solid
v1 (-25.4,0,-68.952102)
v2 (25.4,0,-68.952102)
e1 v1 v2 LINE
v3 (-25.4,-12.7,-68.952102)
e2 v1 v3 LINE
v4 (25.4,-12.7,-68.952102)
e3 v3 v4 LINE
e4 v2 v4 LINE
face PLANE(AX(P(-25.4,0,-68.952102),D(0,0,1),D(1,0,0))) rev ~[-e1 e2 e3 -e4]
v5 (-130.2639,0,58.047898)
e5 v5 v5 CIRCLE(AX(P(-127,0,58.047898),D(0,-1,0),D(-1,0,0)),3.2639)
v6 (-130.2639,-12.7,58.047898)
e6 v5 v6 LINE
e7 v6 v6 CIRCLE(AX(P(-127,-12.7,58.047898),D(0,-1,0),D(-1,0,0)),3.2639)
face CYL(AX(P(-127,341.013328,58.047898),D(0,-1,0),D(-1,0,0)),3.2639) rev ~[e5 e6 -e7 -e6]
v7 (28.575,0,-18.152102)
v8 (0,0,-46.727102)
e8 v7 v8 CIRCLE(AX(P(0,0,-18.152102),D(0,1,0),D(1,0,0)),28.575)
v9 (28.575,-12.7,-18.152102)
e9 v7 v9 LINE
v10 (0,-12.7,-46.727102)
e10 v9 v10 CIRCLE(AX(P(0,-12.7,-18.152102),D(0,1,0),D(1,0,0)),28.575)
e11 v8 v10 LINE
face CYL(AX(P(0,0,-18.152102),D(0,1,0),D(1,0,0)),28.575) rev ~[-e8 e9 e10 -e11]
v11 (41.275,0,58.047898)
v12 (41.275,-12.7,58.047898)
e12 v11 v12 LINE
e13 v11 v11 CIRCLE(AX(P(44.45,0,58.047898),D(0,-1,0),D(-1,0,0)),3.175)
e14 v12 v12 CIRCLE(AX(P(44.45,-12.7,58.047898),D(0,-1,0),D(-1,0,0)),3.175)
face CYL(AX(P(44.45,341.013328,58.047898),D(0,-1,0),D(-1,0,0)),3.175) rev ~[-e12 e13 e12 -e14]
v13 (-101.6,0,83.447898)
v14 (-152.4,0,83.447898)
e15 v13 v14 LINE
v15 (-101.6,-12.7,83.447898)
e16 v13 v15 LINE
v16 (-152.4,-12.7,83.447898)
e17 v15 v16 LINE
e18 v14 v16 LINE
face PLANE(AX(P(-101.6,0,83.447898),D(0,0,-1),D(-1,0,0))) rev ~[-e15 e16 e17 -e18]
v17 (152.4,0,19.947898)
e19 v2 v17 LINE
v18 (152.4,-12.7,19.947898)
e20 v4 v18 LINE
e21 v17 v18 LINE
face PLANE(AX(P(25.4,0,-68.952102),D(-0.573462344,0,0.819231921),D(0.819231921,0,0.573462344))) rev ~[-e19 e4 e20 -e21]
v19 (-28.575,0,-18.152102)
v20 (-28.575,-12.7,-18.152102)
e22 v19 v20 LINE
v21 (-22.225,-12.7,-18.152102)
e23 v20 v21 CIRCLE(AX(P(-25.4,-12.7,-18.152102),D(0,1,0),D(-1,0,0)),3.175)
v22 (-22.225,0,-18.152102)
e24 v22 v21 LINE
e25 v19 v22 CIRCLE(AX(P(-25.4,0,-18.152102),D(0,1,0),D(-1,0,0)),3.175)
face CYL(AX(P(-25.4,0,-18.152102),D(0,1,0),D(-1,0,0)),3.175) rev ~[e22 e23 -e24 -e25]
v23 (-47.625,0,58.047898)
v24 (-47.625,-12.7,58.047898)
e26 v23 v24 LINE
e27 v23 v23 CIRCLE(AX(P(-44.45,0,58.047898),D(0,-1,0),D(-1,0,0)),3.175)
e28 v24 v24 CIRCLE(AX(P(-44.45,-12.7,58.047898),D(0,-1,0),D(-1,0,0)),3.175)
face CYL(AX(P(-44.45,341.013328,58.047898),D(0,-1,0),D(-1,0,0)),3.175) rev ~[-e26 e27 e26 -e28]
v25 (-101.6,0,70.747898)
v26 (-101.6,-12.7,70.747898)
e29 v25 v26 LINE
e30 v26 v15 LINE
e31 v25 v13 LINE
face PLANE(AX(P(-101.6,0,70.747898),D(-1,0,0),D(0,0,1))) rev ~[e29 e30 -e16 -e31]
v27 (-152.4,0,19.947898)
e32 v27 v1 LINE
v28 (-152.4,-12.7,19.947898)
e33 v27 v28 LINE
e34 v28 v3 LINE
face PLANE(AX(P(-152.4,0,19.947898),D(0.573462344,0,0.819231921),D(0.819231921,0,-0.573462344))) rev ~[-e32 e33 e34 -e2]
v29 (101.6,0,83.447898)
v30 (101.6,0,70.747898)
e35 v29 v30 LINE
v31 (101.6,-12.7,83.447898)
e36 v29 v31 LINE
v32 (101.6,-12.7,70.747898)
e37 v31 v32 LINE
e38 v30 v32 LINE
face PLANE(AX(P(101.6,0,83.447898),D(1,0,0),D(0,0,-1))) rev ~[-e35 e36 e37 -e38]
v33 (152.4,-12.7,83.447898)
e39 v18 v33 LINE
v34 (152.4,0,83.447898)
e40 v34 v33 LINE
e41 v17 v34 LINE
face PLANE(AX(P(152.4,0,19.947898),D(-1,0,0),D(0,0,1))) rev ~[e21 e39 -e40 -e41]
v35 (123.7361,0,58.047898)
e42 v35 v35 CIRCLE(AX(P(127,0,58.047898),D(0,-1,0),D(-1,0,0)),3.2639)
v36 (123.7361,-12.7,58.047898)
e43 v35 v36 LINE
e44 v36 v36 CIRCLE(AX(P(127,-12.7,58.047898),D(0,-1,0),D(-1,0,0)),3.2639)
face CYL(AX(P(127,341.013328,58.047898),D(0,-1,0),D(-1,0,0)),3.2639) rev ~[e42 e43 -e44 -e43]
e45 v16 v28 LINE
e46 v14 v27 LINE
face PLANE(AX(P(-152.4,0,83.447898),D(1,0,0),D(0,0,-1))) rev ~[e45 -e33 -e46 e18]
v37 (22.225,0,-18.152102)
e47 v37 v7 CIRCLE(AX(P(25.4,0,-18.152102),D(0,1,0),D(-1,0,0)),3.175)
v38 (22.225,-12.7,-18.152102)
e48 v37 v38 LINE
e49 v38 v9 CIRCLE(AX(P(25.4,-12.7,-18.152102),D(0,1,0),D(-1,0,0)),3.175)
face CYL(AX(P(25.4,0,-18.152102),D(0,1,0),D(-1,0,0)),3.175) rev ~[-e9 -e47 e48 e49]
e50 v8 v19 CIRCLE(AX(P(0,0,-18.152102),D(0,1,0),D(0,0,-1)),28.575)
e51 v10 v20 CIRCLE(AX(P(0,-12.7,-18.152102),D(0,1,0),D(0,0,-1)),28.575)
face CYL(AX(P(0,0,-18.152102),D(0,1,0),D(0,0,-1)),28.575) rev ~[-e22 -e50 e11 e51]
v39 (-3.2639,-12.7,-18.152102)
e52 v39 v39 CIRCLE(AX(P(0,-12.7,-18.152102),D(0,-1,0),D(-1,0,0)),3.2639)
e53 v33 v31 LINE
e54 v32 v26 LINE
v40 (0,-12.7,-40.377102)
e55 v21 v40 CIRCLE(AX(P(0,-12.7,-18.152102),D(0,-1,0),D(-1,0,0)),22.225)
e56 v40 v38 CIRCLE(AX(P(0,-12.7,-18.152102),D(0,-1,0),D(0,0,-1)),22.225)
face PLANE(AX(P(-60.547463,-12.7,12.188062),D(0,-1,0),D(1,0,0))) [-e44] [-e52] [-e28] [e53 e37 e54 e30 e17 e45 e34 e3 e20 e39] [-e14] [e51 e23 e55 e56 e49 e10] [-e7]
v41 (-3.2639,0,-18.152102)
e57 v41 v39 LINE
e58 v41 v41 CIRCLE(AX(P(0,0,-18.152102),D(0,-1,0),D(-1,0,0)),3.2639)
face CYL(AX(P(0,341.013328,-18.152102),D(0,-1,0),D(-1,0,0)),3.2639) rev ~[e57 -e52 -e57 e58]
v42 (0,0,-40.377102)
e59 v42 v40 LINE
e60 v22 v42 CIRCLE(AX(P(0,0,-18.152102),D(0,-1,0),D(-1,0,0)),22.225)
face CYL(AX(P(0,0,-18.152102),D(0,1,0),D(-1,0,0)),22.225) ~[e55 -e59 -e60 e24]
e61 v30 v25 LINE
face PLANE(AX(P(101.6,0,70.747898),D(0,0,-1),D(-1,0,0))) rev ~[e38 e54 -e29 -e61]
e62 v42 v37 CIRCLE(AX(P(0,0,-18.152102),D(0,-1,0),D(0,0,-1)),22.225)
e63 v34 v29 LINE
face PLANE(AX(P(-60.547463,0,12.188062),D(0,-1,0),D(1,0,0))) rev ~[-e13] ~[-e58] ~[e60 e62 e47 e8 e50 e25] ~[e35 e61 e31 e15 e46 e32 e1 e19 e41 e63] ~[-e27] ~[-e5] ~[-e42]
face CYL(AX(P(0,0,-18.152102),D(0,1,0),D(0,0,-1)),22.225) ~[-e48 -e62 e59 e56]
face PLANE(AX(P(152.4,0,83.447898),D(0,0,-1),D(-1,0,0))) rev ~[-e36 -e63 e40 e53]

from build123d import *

# Parameters (mm, degrees)
F1_DEPTH = 12.7
F2_D     = 6.35
F3_D     = 6.5278
F4_D     = 6.5278
F5_D     = 6.5278


with BuildPart() as f1:
    # F0 (on Front) → F1 (new body)
    with BuildSketch(Plane.XZ):
        with BuildLine():
            Line((0, 51.6978976429), (0, 70.7478976429))
            Line((0, 70.7478976429), (-101.6, 70.7478976429))
            Line((-101.6, 70.7478976429), (-101.6, 83.4478976429))
            Line((-101.6, 83.4478976429), (-152.4, 83.4478976429))
            Line((-152.4, 83.4478976429), (-152.4, 19.9478976429))
            Line((-152.4, 19.9478976429), (-25.4, -68.9521023571))
            Line((-25.4, -68.9521023571), (0, -68.9521023571))
            Line((0, -68.9521023571), (0, -46.7271023571))
            ThreePointArc((0, -46.7271023571), (-20.2055762724, -38.3576786296), (-28.575, -18.1521023571))
            ThreePointArc((-28.575, -18.1521023571), (-25.4, -14.9771023571), (-22.225, -18.1521023571))
            ThreePointArc((-22.225, -18.1521023571), (-15.7154482119, -33.867550569), (0, -40.3771023571))
            Line((0, -40.3771023571), (0, -18.1521023571))
            Line((0, -18.1521023571), (0, 51.6978976429))
        make_face()
        with BuildLine():
            Line((101.6, 70.7478976429), (0, 70.7478976429))
            Line((0, 70.7478976429), (0, 51.6978976429))
            Line((0, 51.6978976429), (0, -18.1521023571))
            Line((0, -18.1521023571), (0, -40.3771023571))
            ThreePointArc((0, -40.3771023571), (15.7154482119, -33.867550569), (22.225, -18.1521023571))
            ThreePointArc((22.225, -18.1521023571), (25.4, -14.9771023571), (28.575, -18.1521023571))
            ThreePointArc((28.575, -18.1521023571), (20.2055762724, -38.3576786296), (0, -46.7271023571))
            Line((0, -46.7271023571), (0, -68.9521023571))
            Line((0, -68.9521023571), (25.4, -68.9521023571))
            Line((25.4, -68.9521023571), (152.4, 19.9478976429))
            Line((152.4, 19.9478976429), (152.4, 83.4478976429))
            Line((152.4, 83.4478976429), (101.6, 83.4478976429))
            Line((101.6, 83.4478976429), (101.6, 70.7478976429))
        make_face()
    extrude(amount=F1_DEPTH)

    # F2 (through all)
    with Locations(Plane(origin=(0, 0, 0), x_dir=(1, 0, 0), z_dir=(0, 1, 0))):
        with Locations((44.45, -58.0478976429), (-44.45, -58.0478976429)):
            Hole(F2_D / 2)

    # F3 (through all)
    with Locations(Plane(origin=(0, 0, 0), x_dir=(1, 0, 0), z_dir=(0, 1, 0))):
        with Locations((-127, -58.0478976429)):
            Hole(F3_D / 2)

    # F4 (through all)
    with Locations(Plane(origin=(0, 0, 0), x_dir=(1, 0, 0), z_dir=(0, 1, 0))):
        with Locations((0, 18.1521023571)):
            Hole(F4_D / 2)

    # F5 (through all)
    with Locations(Plane(origin=(0, 0, 0), x_dir=(1, 0, 0), z_dir=(0, 1, 0))):
        with Locations((127, -58.0478976429)):
            Hole(F5_D / 2)


solid = f1.part
